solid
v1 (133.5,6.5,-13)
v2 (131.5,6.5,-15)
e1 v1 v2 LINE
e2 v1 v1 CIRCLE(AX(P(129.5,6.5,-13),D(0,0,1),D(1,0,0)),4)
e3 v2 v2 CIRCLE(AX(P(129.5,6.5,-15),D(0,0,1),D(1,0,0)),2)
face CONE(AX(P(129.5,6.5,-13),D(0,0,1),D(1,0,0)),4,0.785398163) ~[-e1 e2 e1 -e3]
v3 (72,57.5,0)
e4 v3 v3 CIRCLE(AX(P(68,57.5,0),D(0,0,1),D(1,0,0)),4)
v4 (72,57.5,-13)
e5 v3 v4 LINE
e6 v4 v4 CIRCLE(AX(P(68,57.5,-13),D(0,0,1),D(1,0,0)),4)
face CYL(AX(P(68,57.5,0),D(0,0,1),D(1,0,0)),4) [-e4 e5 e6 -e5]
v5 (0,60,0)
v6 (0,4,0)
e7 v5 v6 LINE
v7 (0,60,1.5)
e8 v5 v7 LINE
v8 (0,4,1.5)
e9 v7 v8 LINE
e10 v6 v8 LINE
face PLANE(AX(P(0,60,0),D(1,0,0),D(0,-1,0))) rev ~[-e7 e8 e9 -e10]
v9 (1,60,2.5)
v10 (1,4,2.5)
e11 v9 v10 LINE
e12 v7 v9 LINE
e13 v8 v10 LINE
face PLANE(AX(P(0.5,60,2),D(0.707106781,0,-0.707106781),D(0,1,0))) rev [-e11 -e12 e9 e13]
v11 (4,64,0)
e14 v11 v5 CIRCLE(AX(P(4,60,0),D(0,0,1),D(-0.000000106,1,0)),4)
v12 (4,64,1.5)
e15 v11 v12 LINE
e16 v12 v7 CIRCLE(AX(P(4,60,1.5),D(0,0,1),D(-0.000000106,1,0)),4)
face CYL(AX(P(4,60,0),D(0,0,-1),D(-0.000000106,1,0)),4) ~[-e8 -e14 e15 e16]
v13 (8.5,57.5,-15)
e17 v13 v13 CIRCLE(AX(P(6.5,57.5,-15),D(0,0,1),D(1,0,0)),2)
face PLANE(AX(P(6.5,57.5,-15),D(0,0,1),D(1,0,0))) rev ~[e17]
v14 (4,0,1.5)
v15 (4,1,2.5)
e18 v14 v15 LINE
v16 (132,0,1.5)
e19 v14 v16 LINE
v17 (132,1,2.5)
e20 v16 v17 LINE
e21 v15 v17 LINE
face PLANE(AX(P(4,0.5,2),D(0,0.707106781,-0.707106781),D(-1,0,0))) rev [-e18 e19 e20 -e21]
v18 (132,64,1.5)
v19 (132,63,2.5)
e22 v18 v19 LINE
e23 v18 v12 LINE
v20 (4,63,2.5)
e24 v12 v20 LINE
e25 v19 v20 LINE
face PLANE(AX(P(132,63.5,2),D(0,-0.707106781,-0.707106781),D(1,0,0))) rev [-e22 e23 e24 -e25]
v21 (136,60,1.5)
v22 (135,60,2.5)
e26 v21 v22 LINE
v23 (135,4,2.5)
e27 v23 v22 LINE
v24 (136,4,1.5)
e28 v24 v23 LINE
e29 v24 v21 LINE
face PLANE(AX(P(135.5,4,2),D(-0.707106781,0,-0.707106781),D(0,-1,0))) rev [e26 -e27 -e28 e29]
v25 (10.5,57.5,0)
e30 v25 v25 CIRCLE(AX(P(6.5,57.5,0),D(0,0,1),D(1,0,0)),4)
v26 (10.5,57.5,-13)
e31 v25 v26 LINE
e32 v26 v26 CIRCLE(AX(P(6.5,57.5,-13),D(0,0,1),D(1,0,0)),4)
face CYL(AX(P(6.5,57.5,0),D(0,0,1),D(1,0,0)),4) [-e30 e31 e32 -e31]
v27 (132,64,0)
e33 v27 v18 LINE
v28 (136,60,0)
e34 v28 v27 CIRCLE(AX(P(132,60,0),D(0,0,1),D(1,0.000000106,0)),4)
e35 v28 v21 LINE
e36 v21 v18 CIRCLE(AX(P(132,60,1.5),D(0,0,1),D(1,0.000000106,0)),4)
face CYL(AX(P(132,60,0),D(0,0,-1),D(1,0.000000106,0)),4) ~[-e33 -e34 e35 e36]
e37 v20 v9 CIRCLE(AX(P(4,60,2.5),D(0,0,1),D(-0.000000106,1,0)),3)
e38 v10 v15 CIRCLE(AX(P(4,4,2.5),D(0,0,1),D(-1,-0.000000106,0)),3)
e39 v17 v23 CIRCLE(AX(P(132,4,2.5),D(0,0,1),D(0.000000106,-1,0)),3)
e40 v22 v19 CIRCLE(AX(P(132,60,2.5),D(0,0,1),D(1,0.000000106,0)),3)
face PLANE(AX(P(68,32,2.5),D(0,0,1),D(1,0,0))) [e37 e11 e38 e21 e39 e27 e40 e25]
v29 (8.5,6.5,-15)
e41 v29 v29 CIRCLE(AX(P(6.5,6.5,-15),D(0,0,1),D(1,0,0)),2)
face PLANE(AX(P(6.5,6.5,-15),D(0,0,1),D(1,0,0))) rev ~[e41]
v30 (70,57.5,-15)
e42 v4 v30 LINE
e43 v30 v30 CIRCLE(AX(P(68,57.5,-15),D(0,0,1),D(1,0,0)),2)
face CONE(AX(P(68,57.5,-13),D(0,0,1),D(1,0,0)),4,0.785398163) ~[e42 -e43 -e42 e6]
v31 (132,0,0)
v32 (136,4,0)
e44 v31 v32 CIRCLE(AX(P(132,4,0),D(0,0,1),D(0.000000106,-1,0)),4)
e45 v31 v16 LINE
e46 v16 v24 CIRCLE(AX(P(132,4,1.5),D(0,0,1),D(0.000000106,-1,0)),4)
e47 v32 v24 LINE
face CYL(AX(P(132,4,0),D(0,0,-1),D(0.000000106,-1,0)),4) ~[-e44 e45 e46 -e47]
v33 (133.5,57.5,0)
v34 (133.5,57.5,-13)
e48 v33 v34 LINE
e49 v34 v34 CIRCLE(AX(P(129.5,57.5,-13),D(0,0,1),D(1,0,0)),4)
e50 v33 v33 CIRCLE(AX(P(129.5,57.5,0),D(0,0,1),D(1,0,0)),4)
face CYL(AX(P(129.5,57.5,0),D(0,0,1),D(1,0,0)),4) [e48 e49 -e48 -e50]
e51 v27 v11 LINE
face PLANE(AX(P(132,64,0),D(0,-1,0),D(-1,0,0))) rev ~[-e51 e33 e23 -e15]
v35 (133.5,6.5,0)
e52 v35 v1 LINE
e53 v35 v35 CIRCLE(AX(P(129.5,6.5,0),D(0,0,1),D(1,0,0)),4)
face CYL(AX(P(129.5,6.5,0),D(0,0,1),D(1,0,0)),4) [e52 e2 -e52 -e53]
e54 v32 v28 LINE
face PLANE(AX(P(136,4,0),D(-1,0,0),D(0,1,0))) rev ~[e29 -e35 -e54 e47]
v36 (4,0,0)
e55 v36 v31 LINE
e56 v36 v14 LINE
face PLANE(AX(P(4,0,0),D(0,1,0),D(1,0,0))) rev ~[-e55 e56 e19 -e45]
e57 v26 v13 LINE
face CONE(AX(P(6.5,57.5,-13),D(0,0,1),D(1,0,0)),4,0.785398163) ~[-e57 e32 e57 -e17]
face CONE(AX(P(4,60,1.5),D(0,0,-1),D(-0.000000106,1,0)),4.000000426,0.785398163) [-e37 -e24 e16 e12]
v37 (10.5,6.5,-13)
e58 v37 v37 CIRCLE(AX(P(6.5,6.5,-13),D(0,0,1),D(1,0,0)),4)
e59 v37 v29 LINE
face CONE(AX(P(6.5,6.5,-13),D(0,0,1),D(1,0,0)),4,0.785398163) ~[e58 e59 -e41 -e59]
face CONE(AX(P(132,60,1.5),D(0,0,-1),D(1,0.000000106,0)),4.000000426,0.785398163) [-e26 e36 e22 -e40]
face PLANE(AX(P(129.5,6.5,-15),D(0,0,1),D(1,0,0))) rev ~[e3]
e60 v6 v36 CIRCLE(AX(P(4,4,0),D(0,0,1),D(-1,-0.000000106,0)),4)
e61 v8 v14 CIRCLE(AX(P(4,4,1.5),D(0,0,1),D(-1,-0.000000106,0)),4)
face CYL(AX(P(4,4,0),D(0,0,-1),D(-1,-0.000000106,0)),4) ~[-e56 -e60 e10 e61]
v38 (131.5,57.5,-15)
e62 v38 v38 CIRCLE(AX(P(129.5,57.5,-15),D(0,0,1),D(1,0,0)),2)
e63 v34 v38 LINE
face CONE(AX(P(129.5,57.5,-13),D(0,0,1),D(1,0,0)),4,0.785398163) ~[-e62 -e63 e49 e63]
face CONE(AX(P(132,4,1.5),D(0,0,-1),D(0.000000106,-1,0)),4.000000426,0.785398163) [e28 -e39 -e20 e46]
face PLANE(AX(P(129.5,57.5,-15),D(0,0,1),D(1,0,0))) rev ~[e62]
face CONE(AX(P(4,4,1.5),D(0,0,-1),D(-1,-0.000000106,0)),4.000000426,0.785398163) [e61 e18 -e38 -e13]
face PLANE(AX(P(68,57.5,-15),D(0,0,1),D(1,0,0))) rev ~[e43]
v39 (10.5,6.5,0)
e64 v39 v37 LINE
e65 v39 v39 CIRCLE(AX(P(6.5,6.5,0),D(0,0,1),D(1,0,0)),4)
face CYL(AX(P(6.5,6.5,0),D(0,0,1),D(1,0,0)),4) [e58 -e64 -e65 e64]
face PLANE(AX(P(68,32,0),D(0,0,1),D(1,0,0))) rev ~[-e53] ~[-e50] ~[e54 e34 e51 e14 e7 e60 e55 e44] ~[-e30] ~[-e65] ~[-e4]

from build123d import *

# Parameters (mm, degrees)
PAD_DEPTH       = 2.5
SKETCH002_R     = 4
PAD001_DEPTH    = 15
CHAMFER_SIZE    = 1
CHAMFER001_SIZE = 2


with BuildPart() as part:
    # Sketch → Pad (new body)
    with BuildSketch(Plane.XY):
        with BuildLine():
            Line((4, 0), (132, 0))
            ThreePointArc((132, 0), (134.828427, 1.171573), (136, 4))
            Line((136, 4), (136, 60))
            ThreePointArc((136, 60), (134.828427, 62.828427), (132, 64))
            Line((132, 64), (4, 64))
            ThreePointArc((4, 64), (1.171573, 62.828427), (0, 60))
            Line((0, 60), (0, 4))
            ThreePointArc((0, 4), (1.171573, 1.171573), (4, 0))
        make_face()
    extrude(amount=PAD_DEPTH)

    # Sketch002 → Pad001 (join)
    with BuildSketch(Plane.XY):
        with Locations((6.5, 6.5)):
            Circle(SKETCH002_R)
        with Locations((129.5, 6.5)):
            Circle(SKETCH002_R)
        with Locations((129.5, 57.5)):
            Circle(SKETCH002_R)
        with Locations((6.5, 57.5)):
            Circle(SKETCH002_R)
        with Locations((68, 57.5)):
            Circle(SKETCH002_R)
    extrude(amount=-PAD001_DEPTH)

    # Chamfer
    chamfer_edges = [part.edges().sort_by_distance(p)[0] for p in [
        (68, 0, 2.5),
        (134.828427, 1.171573, 2.5),
        (136, 32, 2.5),
        (134.828427, 62.828427, 2.5),
        (68, 64, 2.5),
        (1.171573, 62.828427, 2.5),
        (0, 32, 2.5),
        (1.171573, 1.171573, 2.5),
    ]]
    chamfer(chamfer_edges, length=CHAMFER_SIZE)

    # Chamfer001
    chamfer001_edges = [part.edges().sort_by_distance(p)[0] for p in [
        (2.5, 6.5, -15),
        (2.5, 57.5, -15),
        (64, 57.5, -15),
        (125.5, 57.5, -15),
        (125.5, 6.5, -15),
    ]]
    chamfer(chamfer001_edges, length=CHAMFER001_SIZE)


solid = part.part
